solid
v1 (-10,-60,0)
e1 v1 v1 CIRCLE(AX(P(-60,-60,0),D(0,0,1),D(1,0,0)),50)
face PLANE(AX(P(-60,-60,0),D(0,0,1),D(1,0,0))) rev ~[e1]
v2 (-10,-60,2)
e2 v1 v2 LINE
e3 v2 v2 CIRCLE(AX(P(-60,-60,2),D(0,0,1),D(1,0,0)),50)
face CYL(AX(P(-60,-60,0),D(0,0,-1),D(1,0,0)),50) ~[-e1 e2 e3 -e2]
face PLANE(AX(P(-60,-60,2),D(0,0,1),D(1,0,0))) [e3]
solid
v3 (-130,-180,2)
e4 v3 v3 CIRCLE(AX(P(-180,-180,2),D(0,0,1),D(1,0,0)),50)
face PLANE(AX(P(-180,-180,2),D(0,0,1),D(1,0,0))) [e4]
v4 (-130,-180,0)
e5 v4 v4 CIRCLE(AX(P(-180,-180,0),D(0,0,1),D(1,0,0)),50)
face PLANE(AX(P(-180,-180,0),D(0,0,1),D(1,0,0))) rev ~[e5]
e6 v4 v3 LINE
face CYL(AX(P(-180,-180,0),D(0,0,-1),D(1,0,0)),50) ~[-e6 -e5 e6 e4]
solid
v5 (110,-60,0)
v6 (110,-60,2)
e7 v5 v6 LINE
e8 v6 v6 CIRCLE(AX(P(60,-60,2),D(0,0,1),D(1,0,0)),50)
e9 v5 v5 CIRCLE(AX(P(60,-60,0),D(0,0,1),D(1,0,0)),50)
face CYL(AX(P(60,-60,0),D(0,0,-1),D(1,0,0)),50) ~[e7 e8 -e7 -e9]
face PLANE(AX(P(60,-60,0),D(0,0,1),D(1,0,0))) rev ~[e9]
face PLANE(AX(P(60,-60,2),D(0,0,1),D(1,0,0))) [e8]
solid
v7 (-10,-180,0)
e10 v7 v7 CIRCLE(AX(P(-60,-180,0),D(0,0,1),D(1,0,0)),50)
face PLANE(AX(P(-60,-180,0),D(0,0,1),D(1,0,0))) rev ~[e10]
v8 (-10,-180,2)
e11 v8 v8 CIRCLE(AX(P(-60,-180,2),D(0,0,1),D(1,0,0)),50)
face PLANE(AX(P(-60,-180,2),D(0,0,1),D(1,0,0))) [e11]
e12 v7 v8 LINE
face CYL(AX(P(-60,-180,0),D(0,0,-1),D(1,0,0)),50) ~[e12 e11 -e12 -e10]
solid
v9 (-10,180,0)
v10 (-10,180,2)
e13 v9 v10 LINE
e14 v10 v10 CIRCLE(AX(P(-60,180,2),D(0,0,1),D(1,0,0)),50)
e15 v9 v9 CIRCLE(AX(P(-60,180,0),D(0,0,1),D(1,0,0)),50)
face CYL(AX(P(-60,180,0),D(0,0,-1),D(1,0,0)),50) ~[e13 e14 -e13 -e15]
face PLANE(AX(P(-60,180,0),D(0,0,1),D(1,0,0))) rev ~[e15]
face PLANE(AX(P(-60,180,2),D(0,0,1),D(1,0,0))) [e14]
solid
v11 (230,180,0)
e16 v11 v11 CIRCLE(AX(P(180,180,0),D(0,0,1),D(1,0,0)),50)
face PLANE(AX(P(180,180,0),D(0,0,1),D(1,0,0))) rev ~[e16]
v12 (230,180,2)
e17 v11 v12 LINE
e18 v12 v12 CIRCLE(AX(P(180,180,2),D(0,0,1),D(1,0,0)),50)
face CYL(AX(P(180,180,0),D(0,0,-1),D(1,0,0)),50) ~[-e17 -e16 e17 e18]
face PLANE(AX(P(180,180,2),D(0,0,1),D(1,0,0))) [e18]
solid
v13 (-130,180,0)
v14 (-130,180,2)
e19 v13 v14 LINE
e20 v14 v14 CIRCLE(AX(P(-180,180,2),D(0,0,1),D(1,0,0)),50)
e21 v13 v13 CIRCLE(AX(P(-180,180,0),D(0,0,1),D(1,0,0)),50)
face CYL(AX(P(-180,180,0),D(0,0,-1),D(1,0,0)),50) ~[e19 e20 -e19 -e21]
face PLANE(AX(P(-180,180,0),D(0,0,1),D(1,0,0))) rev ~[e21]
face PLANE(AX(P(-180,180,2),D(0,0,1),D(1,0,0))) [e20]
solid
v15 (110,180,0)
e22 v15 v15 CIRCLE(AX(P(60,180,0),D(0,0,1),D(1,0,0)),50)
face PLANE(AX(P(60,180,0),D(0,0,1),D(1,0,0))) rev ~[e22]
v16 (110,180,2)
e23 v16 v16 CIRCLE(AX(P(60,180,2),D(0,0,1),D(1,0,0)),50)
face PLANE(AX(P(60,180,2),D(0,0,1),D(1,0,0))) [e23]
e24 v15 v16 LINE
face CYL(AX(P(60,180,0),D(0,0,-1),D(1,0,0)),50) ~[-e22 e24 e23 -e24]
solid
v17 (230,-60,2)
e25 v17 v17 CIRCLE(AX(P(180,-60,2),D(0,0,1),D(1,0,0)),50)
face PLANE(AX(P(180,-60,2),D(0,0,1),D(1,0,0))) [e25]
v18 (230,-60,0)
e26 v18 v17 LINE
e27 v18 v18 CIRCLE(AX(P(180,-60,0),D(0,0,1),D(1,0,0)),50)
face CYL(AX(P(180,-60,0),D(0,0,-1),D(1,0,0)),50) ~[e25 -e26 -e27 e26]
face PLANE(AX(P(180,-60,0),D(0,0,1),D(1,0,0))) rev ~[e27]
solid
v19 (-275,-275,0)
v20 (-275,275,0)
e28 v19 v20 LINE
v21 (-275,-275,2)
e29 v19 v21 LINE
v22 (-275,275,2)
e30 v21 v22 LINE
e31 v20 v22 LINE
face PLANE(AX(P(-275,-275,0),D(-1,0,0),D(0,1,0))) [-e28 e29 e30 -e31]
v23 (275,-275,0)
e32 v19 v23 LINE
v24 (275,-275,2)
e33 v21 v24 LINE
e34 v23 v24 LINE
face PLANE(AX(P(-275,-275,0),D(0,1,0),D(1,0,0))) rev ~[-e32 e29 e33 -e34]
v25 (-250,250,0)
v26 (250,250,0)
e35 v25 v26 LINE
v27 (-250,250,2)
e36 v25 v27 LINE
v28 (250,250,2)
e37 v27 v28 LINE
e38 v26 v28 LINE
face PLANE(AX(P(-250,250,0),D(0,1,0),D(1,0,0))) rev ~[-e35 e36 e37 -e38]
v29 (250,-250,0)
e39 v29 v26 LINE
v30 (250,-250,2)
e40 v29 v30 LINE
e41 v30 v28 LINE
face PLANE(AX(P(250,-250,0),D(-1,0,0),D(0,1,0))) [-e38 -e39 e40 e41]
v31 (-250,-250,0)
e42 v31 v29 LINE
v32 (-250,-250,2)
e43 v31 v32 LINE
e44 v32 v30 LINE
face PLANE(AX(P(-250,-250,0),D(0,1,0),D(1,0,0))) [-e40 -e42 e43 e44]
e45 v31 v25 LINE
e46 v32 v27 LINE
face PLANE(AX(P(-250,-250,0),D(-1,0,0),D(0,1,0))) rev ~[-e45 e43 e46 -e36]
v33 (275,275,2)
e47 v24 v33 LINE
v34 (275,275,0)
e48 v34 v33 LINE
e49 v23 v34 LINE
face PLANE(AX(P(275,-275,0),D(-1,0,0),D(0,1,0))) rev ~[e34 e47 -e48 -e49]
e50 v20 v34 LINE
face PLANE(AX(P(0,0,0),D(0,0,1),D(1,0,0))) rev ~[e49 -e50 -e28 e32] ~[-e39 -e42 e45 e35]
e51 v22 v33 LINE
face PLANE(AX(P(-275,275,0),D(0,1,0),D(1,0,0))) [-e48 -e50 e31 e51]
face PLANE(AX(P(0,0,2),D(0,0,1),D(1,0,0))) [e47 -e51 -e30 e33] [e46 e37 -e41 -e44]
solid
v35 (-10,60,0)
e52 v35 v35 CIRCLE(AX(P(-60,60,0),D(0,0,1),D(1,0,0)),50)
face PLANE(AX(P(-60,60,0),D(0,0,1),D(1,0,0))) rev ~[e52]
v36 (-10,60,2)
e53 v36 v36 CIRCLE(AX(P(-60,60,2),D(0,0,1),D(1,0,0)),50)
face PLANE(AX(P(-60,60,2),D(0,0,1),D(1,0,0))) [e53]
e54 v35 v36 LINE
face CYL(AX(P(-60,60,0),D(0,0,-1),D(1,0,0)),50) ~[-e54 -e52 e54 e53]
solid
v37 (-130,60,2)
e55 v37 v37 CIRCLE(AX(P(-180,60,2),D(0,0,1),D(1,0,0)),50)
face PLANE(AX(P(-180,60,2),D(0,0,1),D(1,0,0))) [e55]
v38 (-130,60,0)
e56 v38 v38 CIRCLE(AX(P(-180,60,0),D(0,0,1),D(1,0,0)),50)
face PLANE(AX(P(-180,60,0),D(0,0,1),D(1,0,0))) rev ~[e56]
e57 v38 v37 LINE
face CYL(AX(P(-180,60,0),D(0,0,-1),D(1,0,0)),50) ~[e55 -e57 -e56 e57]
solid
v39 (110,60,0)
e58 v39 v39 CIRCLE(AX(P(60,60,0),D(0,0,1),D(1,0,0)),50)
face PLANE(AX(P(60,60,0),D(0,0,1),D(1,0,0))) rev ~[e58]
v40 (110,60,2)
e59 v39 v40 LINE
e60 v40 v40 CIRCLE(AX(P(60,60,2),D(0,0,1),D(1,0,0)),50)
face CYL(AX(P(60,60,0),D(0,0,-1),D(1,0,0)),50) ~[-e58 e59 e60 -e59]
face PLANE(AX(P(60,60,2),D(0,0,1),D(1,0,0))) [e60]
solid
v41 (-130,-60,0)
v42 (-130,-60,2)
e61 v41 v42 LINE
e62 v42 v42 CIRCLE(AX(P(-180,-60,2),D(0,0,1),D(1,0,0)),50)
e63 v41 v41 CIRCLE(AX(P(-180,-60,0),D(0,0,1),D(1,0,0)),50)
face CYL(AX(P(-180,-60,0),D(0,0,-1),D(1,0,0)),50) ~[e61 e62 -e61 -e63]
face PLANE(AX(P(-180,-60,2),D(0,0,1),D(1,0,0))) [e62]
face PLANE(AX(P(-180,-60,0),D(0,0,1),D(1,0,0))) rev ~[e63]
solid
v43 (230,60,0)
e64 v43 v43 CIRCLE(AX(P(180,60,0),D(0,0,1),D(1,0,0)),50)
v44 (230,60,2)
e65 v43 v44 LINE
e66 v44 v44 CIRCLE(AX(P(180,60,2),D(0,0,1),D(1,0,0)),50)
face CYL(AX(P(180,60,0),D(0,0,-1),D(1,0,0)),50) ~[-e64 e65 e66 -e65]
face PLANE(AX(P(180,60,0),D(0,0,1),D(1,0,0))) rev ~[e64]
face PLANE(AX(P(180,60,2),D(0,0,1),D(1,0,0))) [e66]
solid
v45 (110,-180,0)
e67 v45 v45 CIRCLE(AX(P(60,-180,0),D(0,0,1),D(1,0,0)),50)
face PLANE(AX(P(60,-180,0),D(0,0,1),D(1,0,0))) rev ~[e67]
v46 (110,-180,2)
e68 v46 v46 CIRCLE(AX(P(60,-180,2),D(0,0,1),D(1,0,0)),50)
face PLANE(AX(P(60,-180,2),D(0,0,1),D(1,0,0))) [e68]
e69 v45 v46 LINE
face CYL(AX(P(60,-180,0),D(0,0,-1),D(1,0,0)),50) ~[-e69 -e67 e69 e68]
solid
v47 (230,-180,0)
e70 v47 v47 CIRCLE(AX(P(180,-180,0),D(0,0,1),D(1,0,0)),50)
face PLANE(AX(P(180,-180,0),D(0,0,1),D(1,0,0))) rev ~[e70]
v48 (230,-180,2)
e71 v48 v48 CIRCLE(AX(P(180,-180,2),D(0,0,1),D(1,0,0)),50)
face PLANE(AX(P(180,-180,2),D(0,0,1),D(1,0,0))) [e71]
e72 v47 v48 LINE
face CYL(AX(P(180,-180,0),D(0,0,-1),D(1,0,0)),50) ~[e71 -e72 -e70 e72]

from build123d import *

# Parameters (mm, degrees)
F0_W     = 550
F0_H     = 550
F0_W_2   = 500
F0_H_2   = 500
F0_R     = 50
F1_DEPTH = 2


with BuildPart() as f1:
    # F0 (on Top) → F1 (new body)
    with BuildSketch(Plane.XY):
        Rectangle(F0_W, F0_H)
        Rectangle(F0_W_2, F0_H_2, mode=Mode.SUBTRACT)
        with Locations((-180, 180)):
            Circle(F0_R)
        with Locations((-60, 180)):
            Circle(F0_R)
        with Locations((60, 180)):
            Circle(F0_R)
        with Locations((180, 180)):
            Circle(F0_R)
        with Locations((180, 60)):
            Circle(F0_R)
        with Locations((60, 60)):
            Circle(F0_R)
        with Locations((-60, 60)):
            Circle(F0_R)
        with Locations((-180, 60)):
            Circle(F0_R)
        with Locations((-180, -60)):
            Circle(F0_R)
        with Locations((-60, -60)):
            Circle(F0_R)
        with Locations((60, -60)):
            Circle(F0_R)
        with Locations((180, -60)):
            Circle(F0_R)
        with Locations((180, -180)):
            Circle(F0_R)
        with Locations((60, -180)):
            Circle(F0_R)
        with Locations((-60, -180)):
            Circle(F0_R)
        with Locations((-180, -180)):
            Circle(F0_R)
    extrude(amount=F1_DEPTH)


solid = f1.part
